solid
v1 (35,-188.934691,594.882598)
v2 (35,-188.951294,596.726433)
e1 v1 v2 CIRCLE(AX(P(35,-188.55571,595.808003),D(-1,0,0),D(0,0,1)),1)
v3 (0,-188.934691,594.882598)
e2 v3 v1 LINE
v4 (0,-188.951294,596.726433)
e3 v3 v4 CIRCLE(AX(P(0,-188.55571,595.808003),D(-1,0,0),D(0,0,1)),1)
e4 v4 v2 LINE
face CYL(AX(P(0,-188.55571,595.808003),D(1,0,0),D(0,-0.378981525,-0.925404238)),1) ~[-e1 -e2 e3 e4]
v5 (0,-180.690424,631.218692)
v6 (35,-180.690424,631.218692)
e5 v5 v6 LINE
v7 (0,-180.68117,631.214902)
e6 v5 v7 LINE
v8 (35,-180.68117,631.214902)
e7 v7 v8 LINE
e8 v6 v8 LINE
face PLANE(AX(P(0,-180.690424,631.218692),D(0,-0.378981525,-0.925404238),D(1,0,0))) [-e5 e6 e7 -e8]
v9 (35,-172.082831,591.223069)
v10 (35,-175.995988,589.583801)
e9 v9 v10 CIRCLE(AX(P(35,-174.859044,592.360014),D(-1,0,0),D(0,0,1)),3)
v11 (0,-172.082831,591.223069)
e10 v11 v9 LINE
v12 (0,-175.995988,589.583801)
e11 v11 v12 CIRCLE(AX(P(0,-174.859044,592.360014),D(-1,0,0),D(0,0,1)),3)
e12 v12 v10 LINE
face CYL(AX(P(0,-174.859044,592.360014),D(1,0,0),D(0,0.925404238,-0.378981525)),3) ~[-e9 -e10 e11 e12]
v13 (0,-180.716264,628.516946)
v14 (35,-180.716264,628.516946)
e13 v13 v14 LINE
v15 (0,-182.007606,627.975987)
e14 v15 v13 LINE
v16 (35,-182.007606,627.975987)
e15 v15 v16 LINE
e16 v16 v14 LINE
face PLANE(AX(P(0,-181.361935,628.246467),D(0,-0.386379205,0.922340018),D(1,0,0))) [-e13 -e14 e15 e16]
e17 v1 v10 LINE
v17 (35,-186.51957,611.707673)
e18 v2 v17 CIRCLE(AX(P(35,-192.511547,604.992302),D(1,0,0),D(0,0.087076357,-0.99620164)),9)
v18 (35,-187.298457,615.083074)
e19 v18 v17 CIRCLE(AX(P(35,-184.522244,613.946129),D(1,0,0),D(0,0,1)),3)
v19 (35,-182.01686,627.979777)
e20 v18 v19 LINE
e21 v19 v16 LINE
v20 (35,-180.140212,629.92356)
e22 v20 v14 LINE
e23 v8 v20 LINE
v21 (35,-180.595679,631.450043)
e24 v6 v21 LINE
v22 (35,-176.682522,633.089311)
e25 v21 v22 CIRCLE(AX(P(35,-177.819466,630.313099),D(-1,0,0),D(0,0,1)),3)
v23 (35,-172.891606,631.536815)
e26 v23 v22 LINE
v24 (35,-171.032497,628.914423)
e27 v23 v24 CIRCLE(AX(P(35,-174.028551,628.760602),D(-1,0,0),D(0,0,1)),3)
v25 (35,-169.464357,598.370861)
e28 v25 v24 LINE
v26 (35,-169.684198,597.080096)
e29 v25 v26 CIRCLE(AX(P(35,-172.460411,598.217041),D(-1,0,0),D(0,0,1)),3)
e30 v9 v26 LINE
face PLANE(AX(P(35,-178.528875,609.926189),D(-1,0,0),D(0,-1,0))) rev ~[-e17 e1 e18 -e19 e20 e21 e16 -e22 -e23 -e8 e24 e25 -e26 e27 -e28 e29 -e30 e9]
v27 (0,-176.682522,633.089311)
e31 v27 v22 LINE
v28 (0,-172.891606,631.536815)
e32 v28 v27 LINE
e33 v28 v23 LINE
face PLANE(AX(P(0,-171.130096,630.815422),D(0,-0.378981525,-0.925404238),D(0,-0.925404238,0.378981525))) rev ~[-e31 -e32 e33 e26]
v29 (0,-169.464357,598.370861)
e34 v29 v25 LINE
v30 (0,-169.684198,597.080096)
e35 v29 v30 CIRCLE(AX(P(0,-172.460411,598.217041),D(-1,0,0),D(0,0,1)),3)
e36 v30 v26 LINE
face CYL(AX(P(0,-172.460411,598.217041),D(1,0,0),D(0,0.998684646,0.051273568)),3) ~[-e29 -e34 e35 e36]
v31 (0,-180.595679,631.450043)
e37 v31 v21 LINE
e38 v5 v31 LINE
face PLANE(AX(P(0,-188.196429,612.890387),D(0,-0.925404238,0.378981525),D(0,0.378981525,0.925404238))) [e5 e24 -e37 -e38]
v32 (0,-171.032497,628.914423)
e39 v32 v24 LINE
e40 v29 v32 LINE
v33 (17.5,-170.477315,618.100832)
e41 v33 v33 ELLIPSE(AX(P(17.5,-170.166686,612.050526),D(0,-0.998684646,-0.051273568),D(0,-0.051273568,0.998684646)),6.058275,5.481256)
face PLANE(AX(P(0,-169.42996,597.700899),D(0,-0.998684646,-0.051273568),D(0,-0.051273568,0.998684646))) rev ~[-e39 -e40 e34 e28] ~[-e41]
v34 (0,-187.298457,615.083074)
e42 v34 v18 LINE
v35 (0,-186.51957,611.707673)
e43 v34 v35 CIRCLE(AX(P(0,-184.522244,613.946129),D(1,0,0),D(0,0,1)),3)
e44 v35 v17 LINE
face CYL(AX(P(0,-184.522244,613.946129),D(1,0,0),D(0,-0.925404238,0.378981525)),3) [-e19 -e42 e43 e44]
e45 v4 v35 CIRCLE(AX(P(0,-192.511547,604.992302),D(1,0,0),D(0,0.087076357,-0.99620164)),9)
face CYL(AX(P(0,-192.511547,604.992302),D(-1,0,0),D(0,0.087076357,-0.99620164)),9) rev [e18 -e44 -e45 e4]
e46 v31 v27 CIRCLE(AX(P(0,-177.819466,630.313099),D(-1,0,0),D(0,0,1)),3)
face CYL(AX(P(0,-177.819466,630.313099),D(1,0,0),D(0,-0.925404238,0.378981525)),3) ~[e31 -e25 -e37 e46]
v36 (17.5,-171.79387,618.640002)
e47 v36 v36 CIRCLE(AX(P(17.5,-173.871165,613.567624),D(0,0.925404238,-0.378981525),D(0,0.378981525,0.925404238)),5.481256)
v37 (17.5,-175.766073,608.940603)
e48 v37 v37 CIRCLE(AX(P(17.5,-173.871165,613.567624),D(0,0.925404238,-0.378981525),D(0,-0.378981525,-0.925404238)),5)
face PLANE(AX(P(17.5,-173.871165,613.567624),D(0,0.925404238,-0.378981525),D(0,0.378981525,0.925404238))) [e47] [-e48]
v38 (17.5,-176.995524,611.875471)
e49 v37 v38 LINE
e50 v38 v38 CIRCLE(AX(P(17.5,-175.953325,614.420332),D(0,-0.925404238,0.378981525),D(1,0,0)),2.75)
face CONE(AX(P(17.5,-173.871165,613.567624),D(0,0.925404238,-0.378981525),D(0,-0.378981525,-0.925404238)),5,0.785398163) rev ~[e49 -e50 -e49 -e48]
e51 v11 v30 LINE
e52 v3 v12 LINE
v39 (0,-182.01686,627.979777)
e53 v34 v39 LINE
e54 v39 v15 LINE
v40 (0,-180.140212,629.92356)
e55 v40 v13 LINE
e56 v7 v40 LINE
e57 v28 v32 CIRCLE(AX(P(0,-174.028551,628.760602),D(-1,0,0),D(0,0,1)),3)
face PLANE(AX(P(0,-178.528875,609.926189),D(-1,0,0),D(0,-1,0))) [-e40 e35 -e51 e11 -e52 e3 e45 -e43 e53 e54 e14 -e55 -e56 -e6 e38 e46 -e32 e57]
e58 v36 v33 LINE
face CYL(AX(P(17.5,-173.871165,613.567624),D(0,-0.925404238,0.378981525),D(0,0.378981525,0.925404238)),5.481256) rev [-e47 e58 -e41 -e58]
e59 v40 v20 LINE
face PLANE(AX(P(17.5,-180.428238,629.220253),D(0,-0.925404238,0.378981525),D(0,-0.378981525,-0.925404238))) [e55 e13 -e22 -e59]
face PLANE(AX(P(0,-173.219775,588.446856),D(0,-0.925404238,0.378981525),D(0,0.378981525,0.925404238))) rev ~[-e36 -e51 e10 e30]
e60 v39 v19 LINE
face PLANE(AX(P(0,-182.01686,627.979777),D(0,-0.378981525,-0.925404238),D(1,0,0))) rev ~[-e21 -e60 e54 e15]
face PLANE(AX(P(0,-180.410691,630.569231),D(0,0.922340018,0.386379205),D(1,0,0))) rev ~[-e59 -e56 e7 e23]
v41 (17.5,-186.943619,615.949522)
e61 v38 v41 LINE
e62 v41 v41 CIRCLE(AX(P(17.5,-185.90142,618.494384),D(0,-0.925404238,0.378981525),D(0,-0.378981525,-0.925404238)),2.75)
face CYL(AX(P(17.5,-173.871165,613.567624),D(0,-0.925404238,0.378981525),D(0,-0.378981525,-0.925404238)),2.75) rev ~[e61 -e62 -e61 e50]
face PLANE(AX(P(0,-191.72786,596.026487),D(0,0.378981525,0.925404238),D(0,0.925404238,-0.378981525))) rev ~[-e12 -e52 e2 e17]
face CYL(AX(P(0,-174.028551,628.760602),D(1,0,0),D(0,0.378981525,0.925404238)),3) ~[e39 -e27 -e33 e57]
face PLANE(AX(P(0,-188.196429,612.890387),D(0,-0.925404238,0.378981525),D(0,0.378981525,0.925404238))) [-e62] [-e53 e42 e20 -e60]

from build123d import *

# Parameters (mm, degrees)
PAD001_DEPTH        = 35
HOLE002_D           = 5.5
HOLE002_CSINK_D     = 10
HOLE002_CSINK_ANGLE = 90
SKETCH004_R         = 6.501169
SKETCH004_R_2       = 5.481256
POCKET_DEPTH        = 13.6312167212
SKETCH007_W         = 3.5
SKETCH007_H         = 35
POCKET002_DEPTH     = 1
CHAMFER_SIZE        = 0.99
FILLET007_R         = 3
FILLET008_R         = 1


with BuildPart() as part:
    # Sketch002 → Pad001 (new body)
    with BuildSketch(Plane.YZ):
        with BuildLine():
            Line((-188.1964293023, 612.8903873712), (-179.4587343049, 634.2262558534))
            Line((-171.1300961638, 630.8154221261), (-179.4587343049, 634.2262558534))
            Line((-169.4299601233, 597.7008988779), (-171.1300961638, 630.8154221261))
            Line((-173.2197753758, 588.446856499), (-169.4299601233, 597.7008988779))
            Line((-191.7278601338, 596.0264870041), (-173.2197753758, 588.446856499))
            ThreePointArc((-191.7278601338, 596.0264870041), (-183.7026179221, 603.1476439882), (-188.1964293023, 612.8903873712))
        make_face()
    extrude(amount=PAD001_DEPTH)

    # Hole002 (through all)
    with Locations(Plane(origin=(0, -364.0835541104, 149.1034242189), x_dir=(0, 0.3789815253, 0.9254042379), z_dir=(0, 0.9254042379, -0.3789815253))):
        with Locations((-506.967621, 13.13074), (501.9041201044, 17.5)):
            CounterSinkHole(HOLE002_D / 2, HOLE002_CSINK_D / 2, counter_sink_angle=HOLE002_CSINK_ANGLE)

    # Sketch004 (on DatumPlane) → Pocket (cut, through all)
    with BuildSketch(Plane(origin=(0, -364.0835541104, 149.1034242189), x_dir=(0, 0.3789815253, 0.9254042379), z_dir=(0, 0.9254042379, -0.3789815253))):
        with Locations((-506.967621, 13.13074)):
            Circle(SKETCH004_R)
        with Locations((501.9041201044, 17.5)):
            Circle(SKETCH004_R_2)
    extrude(amount=POCKET_DEPTH, mode=Mode.SUBTRACT)

    # Sketch007 (on Face6 of Pocket) → Pocket002 (cut)
    with BuildSketch(Plane(origin=(0, -376.1138092031, 154.0301840472), x_dir=(0, -0.3789815253, -0.9254042379), z_dir=(0, -0.9254042379, 0.3789815253))):
        with Locations((-513.9041201044, 17.5)):
            Rectangle(SKETCH007_W, SKETCH007_H)
    extrude(amount=-POCKET002_DEPTH, mode=Mode.SUBTRACT)

    # Chamfer
    chamfer_edges = [part.edges().sort_by_distance(p)[0] for p in [
        (17.5, -179.76502, 630.839711),
        (17.5, -181.091455, 627.600796),
    ]]
    chamfer(chamfer_edges, length=CHAMFER_SIZE)

    # Fillet007
    fillet007_edges = [part.edges().sort_by_distance(p)[0] for p in [
        (17.5, -173.219775, 588.446856),
        (17.5, -188.196429, 612.890387),
        (17.5, -169.42996, 597.700899),
        (17.5, -171.130096, 630.815422),
        (17.5, -179.458734, 634.226256),
    ]]
    fillet(fillet007_edges, radius=FILLET007_R)

    # Fillet008
    fillet008_edges = [part.edges().sort_by_distance(p)[0] for p in [
        (17.5, -191.72786, 596.026487),
    ]]
    fillet(fillet008_edges, radius=FILLET008_R)


solid = part.part
